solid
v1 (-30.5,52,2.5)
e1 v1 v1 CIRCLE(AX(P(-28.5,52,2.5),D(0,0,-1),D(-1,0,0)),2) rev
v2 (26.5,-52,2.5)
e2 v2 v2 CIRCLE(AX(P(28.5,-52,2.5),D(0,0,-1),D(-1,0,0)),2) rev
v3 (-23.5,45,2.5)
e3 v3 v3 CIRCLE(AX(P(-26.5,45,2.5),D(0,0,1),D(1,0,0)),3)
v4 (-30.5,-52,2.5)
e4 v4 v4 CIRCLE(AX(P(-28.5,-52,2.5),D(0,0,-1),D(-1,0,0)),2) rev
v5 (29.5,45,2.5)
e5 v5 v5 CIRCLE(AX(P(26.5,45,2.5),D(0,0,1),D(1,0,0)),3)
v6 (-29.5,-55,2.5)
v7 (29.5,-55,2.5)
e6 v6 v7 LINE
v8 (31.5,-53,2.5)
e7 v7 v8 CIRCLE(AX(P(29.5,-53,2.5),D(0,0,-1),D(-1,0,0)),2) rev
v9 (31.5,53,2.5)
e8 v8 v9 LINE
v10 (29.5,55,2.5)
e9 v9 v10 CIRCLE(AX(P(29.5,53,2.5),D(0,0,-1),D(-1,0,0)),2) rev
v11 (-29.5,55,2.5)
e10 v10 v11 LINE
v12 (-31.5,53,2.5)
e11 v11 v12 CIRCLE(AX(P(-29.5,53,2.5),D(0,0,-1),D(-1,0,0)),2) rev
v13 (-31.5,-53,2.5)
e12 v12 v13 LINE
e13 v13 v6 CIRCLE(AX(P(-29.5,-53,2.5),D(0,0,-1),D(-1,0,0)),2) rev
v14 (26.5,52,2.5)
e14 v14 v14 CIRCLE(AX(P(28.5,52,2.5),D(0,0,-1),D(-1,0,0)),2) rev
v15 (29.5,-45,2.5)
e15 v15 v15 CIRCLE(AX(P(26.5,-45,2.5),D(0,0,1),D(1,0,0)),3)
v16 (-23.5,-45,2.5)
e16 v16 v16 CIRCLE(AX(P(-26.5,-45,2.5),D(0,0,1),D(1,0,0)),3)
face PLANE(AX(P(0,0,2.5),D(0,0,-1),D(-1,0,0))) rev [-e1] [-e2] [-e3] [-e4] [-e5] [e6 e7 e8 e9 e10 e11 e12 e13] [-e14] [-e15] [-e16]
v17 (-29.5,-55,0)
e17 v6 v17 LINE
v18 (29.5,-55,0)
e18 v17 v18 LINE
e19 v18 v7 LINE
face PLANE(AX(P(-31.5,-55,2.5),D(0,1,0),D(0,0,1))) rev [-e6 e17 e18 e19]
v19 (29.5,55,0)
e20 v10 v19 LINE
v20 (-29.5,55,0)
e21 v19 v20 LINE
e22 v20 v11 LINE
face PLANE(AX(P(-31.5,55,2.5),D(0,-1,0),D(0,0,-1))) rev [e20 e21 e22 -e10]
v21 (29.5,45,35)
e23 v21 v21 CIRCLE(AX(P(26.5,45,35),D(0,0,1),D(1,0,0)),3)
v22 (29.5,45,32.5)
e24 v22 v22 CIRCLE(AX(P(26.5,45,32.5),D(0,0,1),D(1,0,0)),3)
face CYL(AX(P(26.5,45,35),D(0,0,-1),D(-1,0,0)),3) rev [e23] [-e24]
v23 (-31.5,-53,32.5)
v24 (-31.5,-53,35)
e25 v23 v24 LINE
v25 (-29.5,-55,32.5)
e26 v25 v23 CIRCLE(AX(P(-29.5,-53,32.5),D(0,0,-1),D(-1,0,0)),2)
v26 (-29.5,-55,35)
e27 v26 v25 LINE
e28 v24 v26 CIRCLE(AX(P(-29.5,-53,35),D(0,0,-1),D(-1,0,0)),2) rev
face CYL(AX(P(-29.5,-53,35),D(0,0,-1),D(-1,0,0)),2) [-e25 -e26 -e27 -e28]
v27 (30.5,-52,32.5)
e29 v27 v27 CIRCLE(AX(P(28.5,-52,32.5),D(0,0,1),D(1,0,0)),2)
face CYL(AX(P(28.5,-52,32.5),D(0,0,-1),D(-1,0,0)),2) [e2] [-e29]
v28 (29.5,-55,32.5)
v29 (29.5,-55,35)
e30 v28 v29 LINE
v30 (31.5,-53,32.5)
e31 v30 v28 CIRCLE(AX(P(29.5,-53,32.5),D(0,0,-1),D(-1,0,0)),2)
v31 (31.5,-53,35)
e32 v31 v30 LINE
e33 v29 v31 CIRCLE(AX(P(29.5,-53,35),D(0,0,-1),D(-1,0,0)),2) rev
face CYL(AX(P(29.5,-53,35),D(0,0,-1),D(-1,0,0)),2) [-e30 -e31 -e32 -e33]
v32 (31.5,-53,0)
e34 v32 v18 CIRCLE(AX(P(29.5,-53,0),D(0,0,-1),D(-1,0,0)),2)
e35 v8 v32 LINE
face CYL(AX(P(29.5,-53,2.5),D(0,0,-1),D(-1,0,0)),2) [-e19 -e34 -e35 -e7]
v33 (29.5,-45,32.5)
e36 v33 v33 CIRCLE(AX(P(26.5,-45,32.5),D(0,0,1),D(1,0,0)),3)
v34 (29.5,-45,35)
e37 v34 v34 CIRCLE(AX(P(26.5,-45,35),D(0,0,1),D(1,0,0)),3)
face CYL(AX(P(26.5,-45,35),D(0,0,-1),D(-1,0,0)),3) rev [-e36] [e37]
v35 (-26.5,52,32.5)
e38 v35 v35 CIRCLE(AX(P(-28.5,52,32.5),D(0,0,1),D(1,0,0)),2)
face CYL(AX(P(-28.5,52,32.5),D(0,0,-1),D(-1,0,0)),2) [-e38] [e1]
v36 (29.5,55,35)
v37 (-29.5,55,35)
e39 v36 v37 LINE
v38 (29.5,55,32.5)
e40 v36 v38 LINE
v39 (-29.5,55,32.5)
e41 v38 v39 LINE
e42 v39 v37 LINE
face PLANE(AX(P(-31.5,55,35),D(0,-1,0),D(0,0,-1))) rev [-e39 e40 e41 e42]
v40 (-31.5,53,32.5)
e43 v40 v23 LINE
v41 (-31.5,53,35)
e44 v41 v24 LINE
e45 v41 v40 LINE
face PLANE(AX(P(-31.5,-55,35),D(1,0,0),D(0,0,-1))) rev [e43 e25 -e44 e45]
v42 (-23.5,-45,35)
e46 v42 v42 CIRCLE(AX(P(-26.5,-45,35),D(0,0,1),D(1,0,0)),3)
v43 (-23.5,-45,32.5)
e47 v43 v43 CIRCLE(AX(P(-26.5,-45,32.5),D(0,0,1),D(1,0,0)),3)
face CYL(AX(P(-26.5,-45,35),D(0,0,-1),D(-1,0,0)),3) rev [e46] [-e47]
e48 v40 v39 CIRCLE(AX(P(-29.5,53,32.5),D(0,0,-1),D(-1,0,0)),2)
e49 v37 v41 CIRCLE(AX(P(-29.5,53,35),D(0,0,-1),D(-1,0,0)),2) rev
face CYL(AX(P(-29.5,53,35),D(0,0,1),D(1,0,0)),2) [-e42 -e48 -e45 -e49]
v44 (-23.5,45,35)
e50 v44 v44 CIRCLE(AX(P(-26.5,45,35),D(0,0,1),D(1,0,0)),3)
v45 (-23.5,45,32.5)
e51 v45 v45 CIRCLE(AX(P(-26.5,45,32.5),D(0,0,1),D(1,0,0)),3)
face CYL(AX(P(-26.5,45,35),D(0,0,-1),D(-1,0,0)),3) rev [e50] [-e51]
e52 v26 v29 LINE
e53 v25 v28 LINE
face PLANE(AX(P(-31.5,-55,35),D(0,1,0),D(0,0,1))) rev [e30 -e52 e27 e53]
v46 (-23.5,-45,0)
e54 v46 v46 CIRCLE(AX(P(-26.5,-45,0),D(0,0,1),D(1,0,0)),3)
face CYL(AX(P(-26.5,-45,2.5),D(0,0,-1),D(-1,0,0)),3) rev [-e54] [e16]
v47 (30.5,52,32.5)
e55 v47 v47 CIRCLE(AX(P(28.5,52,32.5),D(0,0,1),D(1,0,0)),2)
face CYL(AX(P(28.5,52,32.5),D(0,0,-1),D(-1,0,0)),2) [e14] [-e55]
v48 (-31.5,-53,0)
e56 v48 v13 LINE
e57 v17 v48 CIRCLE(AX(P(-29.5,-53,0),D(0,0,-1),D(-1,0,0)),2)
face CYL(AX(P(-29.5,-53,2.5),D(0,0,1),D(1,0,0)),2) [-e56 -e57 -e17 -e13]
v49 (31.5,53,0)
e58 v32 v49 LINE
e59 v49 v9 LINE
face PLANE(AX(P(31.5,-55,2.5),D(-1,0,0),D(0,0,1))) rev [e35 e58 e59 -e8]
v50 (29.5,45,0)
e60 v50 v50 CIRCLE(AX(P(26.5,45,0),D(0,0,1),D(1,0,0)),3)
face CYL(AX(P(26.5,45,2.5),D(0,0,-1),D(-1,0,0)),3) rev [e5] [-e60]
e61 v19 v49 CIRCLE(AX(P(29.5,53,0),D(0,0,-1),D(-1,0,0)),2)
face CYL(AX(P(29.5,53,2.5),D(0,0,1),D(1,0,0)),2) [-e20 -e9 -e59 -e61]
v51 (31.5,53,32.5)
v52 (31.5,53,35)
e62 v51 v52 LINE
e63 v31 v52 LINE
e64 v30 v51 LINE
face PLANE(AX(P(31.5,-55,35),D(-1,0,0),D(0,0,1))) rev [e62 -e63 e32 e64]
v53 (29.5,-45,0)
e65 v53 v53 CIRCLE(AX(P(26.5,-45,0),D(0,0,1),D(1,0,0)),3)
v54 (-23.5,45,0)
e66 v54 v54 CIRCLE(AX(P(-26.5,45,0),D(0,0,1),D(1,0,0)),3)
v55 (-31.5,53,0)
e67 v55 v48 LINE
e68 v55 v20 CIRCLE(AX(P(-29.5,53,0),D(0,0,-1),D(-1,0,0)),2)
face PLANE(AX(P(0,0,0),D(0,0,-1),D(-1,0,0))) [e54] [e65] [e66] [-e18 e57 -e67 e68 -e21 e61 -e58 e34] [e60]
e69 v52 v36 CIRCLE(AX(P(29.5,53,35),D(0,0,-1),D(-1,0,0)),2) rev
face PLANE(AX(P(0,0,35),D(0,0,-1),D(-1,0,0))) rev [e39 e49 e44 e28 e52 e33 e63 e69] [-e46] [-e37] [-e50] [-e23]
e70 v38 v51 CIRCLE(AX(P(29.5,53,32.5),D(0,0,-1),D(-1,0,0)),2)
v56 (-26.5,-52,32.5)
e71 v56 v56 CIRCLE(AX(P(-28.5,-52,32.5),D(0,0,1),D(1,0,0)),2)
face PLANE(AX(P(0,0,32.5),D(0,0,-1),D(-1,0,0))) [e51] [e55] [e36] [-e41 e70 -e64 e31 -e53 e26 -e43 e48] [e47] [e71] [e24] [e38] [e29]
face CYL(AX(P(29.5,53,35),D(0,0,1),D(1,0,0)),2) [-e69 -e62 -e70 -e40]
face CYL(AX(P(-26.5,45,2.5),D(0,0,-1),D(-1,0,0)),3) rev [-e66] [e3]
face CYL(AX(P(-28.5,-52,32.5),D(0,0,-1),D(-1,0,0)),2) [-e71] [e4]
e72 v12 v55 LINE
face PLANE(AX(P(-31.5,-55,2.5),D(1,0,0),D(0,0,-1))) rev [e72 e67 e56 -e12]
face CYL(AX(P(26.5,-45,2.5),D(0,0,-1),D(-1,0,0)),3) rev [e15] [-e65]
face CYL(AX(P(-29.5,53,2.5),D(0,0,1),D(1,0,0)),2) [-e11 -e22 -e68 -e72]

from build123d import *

# Parameters (mm, degrees)
SKETCH1_W           = 63
SKETCH1_H           = 110
SKETCH1_R           = 3
BOSS_EXTRUDE1_DEPTH = 2.5
SKETCH3_R           = 2
BOSS_EXTRUDE3_DEPTH = 30
FILLET2_R           = 2
FILLET3_R           = 2
FILLET4_R           = 2
FILLET5_R           = 2
SKETCH5_W           = 63
SKETCH5_H           = 110
SKETCH5_R           = 3
BOSS_EXTRUDE5_DEPTH = 2.5
FILLET10_R          = 2
FILLET11_R          = 2
FILLET12_R          = 2
FILLET13_R          = 2


with BuildPart() as part:
    # Sketch1 → Boss-Extrude1 (new body)
    with BuildSketch(Plane.XY):
        Rectangle(SKETCH1_W, SKETCH1_H)
        with Locations((-26.5, 45)):
            Circle(SKETCH1_R, mode=Mode.SUBTRACT)
        with Locations((-26.5, -45)):
            Circle(SKETCH1_R, mode=Mode.SUBTRACT)
        with Locations((26.5, -45)):
            Circle(SKETCH1_R, mode=Mode.SUBTRACT)
        with Locations((26.5, 45)):
            Circle(SKETCH1_R, mode=Mode.SUBTRACT)
    extrude(amount=BOSS_EXTRUDE1_DEPTH)

    # Sketch3 → Boss-Extrude3 (add)
    with BuildSketch(Plane.XY.offset(2.5)):
        with Locations(Location((-28.5, 52, 0), (0, 0, 180))):
            Circle(SKETCH3_R)
        with Locations(Location((28.5, 52, 0), (0, 0, 180))):
            Circle(SKETCH3_R)
        with Locations(Location((28.5, -52, 0), (0, 0, 180))):
            Circle(SKETCH3_R)
        with Locations(Location((-28.5, -52, 0), (0, 0, 180))):
            Circle(SKETCH3_R)
    extrude(amount=BOSS_EXTRUDE3_DEPTH)

    # Fillet2
    fillet2_edges = [part.edges().sort_by_distance(p)[0] for p in [
        (31.5, -55, 1.25),
    ]]
    fillet(fillet2_edges, radius=FILLET2_R)

    # Fillet3
    fillet3_edges = [part.edges().sort_by_distance(p)[0] for p in [
        (31.5, 55, 1.25),
    ]]
    fillet(fillet3_edges, radius=FILLET3_R)

    # Fillet4
    fillet4_edges = [part.edges().sort_by_distance(p)[0] for p in [
        (-31.5, 55, 1.25),
    ]]
    fillet(fillet4_edges, radius=FILLET4_R)

    # Fillet5
    fillet5_edges = [part.edges().sort_by_distance(p)[0] for p in [
        (-31.5, -55, 1.25),
    ]]
    fillet(fillet5_edges, radius=FILLET5_R)

    # Sketch5 → Boss-Extrude5 (add)
    with BuildSketch(Plane.XY.offset(32.5)):
        Rectangle(SKETCH5_W, SKETCH5_H)
        with Locations((-26.5, 45)):
            Circle(SKETCH5_R, mode=Mode.SUBTRACT)
        with Locations((-26.5, -45)):
            Circle(SKETCH5_R, mode=Mode.SUBTRACT)
        with Locations((26.5, -45)):
            Circle(SKETCH5_R, mode=Mode.SUBTRACT)
        with Locations((26.5, 45)):
            Circle(SKETCH5_R, mode=Mode.SUBTRACT)
    extrude(amount=BOSS_EXTRUDE5_DEPTH)

    # Fillet10
    fillet10_edges = [part.edges().sort_by_distance(p)[0] for p in [
        (31.5, 55, 33.75),
    ]]
    fillet(fillet10_edges, radius=FILLET10_R)

    # Fillet11
    fillet11_edges = [part.edges().sort_by_distance(p)[0] for p in [
        (31.5, -55, 33.75),
    ]]
    fillet(fillet11_edges, radius=FILLET11_R)

    # Fillet12
    fillet12_edges = [part.edges().sort_by_distance(p)[0] for p in [
        (-31.5, -55, 33.75),
    ]]
    fillet(fillet12_edges, radius=FILLET12_R)

    # Fillet13
    fillet13_edges = [part.edges().sort_by_distance(p)[0] for p in [
        (-31.5, 55, 33.75),
    ]]
    fillet(fillet13_edges, radius=FILLET13_R)


solid = part.part
